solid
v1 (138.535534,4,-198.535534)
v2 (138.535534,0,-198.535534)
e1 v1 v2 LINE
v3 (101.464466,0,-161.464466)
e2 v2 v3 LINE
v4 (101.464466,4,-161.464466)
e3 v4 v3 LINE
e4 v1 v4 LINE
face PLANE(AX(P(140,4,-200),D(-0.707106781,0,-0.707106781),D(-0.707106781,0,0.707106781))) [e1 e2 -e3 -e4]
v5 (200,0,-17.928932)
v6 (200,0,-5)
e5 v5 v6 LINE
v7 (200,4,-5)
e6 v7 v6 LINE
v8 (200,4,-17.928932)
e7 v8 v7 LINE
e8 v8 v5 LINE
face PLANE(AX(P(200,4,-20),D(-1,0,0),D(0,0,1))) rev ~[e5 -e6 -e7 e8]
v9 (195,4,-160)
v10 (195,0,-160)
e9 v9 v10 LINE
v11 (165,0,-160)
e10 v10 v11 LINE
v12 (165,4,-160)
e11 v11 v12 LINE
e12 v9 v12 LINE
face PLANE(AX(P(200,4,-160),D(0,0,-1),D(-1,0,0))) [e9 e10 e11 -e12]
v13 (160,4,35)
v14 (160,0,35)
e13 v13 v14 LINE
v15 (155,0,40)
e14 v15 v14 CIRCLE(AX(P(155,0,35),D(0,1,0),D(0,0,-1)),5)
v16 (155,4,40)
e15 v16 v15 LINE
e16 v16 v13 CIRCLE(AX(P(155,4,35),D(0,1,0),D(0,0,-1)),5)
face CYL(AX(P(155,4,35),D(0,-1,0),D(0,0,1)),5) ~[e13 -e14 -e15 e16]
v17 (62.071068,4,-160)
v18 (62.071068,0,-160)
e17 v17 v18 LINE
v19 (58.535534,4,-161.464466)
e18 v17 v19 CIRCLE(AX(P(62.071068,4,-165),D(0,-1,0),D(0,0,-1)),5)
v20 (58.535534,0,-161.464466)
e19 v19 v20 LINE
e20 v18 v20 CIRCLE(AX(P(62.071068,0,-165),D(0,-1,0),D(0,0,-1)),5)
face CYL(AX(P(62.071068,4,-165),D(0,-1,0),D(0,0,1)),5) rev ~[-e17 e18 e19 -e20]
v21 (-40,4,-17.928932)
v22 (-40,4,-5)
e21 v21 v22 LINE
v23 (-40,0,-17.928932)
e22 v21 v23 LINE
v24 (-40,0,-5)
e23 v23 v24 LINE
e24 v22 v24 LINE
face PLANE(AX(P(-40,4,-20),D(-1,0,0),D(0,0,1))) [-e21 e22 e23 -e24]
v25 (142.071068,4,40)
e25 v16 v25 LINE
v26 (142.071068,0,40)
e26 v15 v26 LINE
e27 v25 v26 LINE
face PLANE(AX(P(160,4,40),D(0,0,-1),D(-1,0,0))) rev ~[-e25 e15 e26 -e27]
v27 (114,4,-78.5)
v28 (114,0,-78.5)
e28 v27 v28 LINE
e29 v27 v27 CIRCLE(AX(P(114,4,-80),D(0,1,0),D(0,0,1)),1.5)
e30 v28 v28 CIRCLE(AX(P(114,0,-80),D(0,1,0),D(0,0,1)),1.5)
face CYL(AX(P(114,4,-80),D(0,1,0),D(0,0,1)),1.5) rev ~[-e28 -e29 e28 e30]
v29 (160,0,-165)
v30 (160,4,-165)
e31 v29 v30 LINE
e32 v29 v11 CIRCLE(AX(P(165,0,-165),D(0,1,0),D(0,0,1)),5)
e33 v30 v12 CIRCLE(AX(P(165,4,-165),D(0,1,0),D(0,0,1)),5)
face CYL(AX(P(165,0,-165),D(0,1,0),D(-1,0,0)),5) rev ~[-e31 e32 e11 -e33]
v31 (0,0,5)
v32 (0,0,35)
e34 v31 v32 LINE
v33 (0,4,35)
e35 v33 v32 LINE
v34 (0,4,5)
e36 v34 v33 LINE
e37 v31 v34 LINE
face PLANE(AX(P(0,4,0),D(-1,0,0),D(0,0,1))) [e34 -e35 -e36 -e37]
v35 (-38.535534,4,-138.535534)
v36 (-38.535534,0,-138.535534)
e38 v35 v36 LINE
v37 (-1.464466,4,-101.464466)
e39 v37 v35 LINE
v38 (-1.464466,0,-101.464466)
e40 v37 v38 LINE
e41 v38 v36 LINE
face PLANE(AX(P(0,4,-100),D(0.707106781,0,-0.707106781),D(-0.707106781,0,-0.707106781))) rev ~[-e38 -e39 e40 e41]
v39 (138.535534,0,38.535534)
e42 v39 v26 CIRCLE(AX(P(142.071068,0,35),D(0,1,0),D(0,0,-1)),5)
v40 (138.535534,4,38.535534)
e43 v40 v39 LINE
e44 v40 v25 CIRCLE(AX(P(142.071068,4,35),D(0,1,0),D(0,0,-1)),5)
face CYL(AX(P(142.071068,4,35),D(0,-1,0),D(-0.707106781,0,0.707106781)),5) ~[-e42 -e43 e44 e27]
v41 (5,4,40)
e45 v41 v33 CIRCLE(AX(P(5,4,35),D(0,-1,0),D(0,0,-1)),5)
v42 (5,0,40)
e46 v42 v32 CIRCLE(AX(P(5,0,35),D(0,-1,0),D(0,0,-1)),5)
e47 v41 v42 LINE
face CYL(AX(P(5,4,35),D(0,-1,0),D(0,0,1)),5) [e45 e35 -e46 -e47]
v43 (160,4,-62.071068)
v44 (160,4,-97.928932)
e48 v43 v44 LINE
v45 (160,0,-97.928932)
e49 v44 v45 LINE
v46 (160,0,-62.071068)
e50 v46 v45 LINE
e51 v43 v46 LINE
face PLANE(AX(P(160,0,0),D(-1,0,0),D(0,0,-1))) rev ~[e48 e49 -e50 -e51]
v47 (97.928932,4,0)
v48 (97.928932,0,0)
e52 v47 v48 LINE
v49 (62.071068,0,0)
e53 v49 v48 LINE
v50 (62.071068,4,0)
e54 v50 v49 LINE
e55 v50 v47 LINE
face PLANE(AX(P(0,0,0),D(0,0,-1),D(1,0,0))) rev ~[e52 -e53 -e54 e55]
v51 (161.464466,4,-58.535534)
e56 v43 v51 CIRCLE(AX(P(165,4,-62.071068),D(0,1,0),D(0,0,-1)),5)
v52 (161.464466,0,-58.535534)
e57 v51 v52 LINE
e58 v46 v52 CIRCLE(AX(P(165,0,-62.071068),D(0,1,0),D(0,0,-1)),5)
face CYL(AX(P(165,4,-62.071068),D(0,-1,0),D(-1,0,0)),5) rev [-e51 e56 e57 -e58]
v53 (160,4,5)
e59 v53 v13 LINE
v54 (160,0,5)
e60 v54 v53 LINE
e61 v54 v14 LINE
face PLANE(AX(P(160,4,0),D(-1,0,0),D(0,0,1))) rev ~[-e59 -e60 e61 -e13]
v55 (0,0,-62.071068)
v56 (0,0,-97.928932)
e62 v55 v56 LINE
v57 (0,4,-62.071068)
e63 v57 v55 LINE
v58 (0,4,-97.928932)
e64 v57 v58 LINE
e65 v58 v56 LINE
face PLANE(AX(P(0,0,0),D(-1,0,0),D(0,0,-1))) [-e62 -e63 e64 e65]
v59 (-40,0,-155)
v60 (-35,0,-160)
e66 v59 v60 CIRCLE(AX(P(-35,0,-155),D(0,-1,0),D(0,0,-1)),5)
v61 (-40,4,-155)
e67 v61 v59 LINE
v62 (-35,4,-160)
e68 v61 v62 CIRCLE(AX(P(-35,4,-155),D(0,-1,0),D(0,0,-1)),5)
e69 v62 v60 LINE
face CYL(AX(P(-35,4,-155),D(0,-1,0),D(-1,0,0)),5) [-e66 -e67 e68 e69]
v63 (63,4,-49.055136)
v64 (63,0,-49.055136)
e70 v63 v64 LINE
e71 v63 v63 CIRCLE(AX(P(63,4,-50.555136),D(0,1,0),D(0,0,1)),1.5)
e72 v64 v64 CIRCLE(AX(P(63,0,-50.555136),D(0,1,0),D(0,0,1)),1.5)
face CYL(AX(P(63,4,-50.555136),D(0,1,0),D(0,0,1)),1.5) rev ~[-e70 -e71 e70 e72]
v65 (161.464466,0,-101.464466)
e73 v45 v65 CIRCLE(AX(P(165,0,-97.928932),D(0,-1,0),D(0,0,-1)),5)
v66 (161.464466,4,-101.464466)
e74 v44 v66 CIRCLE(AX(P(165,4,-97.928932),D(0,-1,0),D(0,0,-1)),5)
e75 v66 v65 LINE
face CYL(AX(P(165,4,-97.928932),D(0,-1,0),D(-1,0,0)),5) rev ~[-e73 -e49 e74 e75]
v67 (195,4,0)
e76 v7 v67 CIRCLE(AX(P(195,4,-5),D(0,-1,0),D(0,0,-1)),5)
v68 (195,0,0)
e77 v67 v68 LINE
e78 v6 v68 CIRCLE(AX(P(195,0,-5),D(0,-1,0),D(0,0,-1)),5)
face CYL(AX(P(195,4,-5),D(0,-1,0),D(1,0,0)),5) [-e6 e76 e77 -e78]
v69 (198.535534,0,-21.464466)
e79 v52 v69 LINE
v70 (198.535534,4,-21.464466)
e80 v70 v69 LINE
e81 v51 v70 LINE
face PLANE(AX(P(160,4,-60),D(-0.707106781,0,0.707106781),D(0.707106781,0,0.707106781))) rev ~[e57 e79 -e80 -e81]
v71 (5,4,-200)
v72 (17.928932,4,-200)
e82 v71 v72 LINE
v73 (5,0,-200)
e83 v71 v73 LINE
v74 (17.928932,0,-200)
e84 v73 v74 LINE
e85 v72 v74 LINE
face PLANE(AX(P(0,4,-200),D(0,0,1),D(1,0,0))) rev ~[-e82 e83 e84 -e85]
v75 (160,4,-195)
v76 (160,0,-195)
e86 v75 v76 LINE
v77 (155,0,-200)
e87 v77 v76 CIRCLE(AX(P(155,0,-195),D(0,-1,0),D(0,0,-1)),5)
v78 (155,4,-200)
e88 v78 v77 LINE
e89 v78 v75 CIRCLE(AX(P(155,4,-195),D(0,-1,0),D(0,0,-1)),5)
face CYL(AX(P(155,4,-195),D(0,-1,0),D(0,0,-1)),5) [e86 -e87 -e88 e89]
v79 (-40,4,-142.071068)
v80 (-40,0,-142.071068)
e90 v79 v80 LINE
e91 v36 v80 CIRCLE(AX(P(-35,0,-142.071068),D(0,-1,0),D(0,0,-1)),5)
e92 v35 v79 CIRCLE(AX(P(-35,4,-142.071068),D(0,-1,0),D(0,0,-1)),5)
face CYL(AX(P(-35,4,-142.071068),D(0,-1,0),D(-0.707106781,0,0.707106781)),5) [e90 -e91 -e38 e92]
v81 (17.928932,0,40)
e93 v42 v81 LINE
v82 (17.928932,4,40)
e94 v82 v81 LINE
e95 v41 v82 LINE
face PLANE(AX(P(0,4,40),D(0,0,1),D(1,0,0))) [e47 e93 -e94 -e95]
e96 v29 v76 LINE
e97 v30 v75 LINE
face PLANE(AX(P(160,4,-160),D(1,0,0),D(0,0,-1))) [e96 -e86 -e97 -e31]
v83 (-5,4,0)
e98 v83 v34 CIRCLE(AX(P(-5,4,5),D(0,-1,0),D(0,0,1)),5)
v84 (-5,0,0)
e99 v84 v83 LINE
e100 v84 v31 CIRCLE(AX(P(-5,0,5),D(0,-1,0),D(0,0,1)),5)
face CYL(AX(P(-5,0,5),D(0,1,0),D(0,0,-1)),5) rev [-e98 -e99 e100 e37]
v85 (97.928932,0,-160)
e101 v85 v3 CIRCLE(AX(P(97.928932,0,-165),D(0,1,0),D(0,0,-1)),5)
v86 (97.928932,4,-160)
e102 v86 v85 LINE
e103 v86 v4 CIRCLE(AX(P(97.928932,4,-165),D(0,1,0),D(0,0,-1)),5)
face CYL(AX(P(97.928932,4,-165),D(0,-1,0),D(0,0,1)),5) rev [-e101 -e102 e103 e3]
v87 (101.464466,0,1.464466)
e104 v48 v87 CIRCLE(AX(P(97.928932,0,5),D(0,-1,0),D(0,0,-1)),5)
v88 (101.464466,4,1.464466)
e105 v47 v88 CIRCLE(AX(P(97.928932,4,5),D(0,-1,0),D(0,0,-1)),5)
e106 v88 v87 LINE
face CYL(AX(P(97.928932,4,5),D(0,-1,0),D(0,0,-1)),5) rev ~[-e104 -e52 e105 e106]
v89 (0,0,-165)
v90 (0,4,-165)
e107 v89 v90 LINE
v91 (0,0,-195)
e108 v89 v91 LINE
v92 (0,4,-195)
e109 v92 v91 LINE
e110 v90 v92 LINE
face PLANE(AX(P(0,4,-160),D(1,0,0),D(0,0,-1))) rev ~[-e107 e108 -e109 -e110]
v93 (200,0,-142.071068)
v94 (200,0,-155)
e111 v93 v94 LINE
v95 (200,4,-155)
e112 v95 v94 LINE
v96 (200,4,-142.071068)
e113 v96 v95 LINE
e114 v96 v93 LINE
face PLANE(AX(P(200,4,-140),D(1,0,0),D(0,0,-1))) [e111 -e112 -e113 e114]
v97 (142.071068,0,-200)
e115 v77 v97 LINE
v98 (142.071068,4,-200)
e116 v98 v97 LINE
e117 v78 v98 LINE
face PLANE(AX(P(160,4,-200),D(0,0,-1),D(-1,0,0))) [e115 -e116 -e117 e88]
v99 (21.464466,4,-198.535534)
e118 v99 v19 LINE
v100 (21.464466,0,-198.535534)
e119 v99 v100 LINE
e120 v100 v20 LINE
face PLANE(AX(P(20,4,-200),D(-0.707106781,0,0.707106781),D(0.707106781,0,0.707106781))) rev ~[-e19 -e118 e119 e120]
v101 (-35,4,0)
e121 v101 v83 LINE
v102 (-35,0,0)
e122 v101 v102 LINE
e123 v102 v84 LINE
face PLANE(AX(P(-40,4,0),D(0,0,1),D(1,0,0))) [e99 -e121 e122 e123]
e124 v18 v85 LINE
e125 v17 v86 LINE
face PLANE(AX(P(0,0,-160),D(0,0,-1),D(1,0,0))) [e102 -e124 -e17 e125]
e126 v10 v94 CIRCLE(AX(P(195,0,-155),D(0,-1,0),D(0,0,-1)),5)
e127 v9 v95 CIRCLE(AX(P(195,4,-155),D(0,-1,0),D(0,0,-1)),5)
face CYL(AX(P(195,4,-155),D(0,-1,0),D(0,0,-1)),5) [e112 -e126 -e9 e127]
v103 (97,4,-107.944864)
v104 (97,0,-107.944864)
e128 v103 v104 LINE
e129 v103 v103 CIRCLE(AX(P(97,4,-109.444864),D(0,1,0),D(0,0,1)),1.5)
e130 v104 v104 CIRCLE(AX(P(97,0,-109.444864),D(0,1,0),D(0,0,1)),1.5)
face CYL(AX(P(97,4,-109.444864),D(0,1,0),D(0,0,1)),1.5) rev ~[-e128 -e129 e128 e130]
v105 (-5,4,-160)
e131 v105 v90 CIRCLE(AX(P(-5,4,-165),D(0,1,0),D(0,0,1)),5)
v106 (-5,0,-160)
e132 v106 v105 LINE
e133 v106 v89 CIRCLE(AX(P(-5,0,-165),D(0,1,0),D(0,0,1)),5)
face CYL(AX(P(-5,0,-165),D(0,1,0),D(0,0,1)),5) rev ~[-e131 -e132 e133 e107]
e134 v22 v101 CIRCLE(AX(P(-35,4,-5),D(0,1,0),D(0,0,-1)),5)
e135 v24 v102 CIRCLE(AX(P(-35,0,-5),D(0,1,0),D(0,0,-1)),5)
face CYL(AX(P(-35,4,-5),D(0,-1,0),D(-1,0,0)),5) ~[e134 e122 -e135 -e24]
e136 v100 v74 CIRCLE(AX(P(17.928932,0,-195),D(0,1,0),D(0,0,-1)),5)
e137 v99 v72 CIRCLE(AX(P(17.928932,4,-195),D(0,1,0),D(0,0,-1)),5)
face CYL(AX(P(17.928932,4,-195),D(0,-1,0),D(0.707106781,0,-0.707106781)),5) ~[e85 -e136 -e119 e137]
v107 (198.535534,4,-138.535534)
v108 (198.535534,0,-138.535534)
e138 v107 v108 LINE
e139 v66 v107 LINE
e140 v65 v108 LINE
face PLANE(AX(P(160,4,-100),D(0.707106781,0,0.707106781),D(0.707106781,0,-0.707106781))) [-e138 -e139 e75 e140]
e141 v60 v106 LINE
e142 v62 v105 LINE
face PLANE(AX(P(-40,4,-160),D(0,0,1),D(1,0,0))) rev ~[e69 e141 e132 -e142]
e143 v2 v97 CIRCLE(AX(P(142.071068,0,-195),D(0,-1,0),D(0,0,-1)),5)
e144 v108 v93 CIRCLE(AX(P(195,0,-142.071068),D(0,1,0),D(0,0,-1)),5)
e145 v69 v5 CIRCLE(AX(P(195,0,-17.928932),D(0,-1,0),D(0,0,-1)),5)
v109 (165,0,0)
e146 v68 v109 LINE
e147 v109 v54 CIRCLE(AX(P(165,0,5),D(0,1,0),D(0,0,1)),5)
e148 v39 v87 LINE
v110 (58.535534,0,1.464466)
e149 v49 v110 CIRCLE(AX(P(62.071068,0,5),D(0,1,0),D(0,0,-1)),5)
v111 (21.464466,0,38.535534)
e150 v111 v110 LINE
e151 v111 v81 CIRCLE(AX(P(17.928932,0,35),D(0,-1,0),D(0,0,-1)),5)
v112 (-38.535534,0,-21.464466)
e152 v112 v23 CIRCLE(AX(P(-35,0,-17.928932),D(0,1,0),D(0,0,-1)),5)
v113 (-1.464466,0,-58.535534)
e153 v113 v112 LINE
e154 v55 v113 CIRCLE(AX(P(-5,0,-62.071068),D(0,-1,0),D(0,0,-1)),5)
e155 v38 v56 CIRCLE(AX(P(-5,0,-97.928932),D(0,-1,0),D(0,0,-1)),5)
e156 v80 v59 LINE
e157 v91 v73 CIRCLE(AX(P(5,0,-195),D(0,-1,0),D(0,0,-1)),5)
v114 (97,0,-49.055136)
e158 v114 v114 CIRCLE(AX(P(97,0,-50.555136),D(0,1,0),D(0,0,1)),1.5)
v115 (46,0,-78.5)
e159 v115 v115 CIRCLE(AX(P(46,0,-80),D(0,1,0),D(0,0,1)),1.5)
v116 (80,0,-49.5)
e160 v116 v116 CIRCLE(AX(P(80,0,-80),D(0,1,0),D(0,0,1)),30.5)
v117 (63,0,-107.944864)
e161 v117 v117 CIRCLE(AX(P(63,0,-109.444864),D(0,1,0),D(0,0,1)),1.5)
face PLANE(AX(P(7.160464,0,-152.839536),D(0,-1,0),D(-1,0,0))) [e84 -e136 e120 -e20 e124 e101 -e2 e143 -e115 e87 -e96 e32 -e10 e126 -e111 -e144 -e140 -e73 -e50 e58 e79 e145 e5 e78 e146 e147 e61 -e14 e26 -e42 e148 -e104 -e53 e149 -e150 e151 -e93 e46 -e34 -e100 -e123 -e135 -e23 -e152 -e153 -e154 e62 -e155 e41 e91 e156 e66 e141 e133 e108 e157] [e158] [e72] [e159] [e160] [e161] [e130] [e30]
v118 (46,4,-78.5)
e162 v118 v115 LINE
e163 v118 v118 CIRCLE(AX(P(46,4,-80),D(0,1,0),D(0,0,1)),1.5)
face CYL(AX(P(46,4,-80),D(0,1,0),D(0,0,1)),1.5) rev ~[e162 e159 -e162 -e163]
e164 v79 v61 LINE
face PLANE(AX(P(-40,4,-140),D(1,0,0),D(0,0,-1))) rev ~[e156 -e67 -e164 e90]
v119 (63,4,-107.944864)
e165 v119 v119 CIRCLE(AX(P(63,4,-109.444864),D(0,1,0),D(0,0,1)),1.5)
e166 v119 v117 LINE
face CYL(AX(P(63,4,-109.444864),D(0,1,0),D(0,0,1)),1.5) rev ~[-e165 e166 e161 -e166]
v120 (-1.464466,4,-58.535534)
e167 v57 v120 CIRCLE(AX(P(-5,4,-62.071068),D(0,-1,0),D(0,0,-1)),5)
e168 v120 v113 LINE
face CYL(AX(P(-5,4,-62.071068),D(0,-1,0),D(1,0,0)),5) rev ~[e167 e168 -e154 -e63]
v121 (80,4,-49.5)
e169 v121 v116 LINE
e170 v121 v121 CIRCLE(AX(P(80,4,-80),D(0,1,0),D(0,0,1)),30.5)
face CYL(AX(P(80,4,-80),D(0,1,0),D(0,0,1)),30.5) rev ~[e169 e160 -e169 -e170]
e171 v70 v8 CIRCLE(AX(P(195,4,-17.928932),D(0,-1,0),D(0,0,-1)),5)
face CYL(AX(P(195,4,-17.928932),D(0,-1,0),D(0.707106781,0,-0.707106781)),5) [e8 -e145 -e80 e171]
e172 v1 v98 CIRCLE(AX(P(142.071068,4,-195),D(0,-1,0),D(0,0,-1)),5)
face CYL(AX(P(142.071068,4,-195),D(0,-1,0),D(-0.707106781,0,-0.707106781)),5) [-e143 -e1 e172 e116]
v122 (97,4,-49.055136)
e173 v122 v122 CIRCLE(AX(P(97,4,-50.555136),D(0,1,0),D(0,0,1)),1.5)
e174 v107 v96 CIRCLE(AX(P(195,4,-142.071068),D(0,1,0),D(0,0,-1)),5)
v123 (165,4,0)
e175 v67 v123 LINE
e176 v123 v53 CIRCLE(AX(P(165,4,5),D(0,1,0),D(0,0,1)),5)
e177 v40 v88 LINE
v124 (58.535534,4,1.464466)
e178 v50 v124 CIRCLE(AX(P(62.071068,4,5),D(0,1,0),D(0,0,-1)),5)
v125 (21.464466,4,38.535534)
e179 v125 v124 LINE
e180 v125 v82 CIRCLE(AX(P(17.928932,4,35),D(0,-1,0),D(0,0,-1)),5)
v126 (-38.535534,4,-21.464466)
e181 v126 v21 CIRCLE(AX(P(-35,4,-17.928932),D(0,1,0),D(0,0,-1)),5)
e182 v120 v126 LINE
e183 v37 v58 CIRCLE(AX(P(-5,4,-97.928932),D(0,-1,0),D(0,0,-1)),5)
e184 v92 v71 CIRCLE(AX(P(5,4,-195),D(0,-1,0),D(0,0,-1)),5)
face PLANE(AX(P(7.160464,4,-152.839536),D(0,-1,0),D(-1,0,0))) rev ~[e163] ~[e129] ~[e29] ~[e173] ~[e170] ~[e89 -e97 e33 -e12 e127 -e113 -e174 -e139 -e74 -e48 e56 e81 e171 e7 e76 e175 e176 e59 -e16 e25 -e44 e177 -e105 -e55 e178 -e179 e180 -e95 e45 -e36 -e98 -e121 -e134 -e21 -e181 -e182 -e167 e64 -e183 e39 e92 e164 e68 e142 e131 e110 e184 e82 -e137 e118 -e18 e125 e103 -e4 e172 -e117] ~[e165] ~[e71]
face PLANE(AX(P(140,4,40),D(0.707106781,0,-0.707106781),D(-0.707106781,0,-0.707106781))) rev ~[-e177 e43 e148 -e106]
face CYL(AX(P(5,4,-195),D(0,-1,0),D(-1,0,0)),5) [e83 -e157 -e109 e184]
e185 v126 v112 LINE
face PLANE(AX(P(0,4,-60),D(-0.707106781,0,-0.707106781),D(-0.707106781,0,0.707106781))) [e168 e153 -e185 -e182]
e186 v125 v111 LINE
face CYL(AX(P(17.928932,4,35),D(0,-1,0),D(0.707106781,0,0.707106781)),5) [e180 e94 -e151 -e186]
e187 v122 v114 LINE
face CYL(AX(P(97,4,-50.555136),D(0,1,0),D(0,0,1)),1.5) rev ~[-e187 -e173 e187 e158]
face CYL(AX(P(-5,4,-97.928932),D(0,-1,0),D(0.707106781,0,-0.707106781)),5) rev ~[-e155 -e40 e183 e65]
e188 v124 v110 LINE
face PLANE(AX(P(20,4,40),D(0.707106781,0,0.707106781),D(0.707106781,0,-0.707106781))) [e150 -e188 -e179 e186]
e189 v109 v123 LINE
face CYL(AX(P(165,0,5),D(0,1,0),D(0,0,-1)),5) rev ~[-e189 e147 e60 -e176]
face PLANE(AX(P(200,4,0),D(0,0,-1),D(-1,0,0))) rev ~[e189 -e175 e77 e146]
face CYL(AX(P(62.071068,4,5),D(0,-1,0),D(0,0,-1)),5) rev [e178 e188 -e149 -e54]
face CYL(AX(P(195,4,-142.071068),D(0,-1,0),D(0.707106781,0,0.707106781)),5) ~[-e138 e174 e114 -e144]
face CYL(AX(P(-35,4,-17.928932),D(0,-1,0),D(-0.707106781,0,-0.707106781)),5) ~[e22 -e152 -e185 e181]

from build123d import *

# Parameters (mm, degrees)
SKETCH_1_W          = 160
SKETCH_1_H          = 160
EXTRUDE_1_DEPTH     = 4
EXTRUDE_2_DEPTH     = 4
FILLET_1_R          = 5
SKETCH_3_R          = 30.5
SKETCH_3_R_2        = 1.5
CUT_EXTRUDE_1_DEPTH = 10


with BuildPart() as part:
    # 草图1 → 凸台-拉伸1 (new body)
    with BuildSketch(Plane(origin=(0, 0, 0), x_dir=(1, 0, 0), z_dir=(0, 1, 0))):
        with Locations((80, 80)):
            Rectangle(SKETCH_1_W, SKETCH_1_H)
    extrude(amount=EXTRUDE_1_DEPTH)

    # 草图2 → 凸台-拉伸2 (add)
    with BuildSketch(Plane(origin=(0, 4, 0), x_dir=(1, 0, 0), z_dir=(0, 1, 0))):
        Polygon((0, 100), (-40, 140), (-40, 160), (0, 160), (0, 200), (20, 200), (60, 160), align=None)
        Polygon((60, 0), (0, 60), (-40, 20), (-40, 0), (0, 0), (0, -40), (20, -40), align=None)
        Polygon((160, 60), (200, 20), (200, 0), (160, 0), (160, -40), (140, -40), (100, 0), align=None)
        Polygon((100, 160), (160, 100), (200, 140), (200, 160), (160, 160), (160, 200), (140, 200), align=None)
    extrude(amount=-EXTRUDE_2_DEPTH)

    # 圆角1
    fillet_1_edges = [part.edges().sort_by_distance(p)[0] for p in [
        (160, 2, -100),
        (200, 2, -140),
        (200, 2, -160),
        (160, 2, -160),
        (160, 2, -200),
        (140, 2, -200),
        (100, 2, -160),
        (140, 2, 40),
        (160, 2, 40),
        (160, 2, 0),
        (200, 2, 0),
        (200, 2, -20),
        (160, 2, -60),
        (100, 2, 0),
        (0, 2, -60),
        (-40, 2, -20),
        (-40, 2, 0),
        (0, 2, 0),
        (0, 2, 40),
        (20, 2, 40),
        (60, 2, 0),
        (20, 2, -200),
        (0, 2, -200),
        (0, 2, -160),
        (-40, 2, -160),
        (-40, 2, -140),
        (0, 2, -100),
        (60, 2, -160),
    ]]
    fillet(fillet_1_edges, radius=FILLET_1_R)

    # 草图3 → 切除-拉伸1 (cut)
    with BuildSketch(Plane(origin=(0, 4, 0), x_dir=(1, 0, 0), z_dir=(0, 1, 0))):
        with Locations(Location((80, 80, 0), (0, 0, 270))):
            Circle(SKETCH_3_R)
        with Locations(Location((97, 109.444863729, 0), (0, 0, 270))):
            Circle(SKETCH_3_R_2)
        with Locations(Location((114, 80, 0), (0, 0, 270))):
            Circle(SKETCH_3_R_2)
        with Locations(Location((97, 50.555136271, 0), (0, 0, 270))):
            Circle(SKETCH_3_R_2)
        with Locations(Location((63, 50.555136271, 0), (0, 0, 270))):
            Circle(SKETCH_3_R_2)
        with Locations(Location((46, 80, 0), (0, 0, 270))):
            Circle(SKETCH_3_R_2)
        with Locations(Location((63, 109.444863729, 0), (0, 0, 270))):
            Circle(SKETCH_3_R_2)
    extrude(amount=-CUT_EXTRUDE_1_DEPTH, mode=Mode.SUBTRACT)


solid = part.part
